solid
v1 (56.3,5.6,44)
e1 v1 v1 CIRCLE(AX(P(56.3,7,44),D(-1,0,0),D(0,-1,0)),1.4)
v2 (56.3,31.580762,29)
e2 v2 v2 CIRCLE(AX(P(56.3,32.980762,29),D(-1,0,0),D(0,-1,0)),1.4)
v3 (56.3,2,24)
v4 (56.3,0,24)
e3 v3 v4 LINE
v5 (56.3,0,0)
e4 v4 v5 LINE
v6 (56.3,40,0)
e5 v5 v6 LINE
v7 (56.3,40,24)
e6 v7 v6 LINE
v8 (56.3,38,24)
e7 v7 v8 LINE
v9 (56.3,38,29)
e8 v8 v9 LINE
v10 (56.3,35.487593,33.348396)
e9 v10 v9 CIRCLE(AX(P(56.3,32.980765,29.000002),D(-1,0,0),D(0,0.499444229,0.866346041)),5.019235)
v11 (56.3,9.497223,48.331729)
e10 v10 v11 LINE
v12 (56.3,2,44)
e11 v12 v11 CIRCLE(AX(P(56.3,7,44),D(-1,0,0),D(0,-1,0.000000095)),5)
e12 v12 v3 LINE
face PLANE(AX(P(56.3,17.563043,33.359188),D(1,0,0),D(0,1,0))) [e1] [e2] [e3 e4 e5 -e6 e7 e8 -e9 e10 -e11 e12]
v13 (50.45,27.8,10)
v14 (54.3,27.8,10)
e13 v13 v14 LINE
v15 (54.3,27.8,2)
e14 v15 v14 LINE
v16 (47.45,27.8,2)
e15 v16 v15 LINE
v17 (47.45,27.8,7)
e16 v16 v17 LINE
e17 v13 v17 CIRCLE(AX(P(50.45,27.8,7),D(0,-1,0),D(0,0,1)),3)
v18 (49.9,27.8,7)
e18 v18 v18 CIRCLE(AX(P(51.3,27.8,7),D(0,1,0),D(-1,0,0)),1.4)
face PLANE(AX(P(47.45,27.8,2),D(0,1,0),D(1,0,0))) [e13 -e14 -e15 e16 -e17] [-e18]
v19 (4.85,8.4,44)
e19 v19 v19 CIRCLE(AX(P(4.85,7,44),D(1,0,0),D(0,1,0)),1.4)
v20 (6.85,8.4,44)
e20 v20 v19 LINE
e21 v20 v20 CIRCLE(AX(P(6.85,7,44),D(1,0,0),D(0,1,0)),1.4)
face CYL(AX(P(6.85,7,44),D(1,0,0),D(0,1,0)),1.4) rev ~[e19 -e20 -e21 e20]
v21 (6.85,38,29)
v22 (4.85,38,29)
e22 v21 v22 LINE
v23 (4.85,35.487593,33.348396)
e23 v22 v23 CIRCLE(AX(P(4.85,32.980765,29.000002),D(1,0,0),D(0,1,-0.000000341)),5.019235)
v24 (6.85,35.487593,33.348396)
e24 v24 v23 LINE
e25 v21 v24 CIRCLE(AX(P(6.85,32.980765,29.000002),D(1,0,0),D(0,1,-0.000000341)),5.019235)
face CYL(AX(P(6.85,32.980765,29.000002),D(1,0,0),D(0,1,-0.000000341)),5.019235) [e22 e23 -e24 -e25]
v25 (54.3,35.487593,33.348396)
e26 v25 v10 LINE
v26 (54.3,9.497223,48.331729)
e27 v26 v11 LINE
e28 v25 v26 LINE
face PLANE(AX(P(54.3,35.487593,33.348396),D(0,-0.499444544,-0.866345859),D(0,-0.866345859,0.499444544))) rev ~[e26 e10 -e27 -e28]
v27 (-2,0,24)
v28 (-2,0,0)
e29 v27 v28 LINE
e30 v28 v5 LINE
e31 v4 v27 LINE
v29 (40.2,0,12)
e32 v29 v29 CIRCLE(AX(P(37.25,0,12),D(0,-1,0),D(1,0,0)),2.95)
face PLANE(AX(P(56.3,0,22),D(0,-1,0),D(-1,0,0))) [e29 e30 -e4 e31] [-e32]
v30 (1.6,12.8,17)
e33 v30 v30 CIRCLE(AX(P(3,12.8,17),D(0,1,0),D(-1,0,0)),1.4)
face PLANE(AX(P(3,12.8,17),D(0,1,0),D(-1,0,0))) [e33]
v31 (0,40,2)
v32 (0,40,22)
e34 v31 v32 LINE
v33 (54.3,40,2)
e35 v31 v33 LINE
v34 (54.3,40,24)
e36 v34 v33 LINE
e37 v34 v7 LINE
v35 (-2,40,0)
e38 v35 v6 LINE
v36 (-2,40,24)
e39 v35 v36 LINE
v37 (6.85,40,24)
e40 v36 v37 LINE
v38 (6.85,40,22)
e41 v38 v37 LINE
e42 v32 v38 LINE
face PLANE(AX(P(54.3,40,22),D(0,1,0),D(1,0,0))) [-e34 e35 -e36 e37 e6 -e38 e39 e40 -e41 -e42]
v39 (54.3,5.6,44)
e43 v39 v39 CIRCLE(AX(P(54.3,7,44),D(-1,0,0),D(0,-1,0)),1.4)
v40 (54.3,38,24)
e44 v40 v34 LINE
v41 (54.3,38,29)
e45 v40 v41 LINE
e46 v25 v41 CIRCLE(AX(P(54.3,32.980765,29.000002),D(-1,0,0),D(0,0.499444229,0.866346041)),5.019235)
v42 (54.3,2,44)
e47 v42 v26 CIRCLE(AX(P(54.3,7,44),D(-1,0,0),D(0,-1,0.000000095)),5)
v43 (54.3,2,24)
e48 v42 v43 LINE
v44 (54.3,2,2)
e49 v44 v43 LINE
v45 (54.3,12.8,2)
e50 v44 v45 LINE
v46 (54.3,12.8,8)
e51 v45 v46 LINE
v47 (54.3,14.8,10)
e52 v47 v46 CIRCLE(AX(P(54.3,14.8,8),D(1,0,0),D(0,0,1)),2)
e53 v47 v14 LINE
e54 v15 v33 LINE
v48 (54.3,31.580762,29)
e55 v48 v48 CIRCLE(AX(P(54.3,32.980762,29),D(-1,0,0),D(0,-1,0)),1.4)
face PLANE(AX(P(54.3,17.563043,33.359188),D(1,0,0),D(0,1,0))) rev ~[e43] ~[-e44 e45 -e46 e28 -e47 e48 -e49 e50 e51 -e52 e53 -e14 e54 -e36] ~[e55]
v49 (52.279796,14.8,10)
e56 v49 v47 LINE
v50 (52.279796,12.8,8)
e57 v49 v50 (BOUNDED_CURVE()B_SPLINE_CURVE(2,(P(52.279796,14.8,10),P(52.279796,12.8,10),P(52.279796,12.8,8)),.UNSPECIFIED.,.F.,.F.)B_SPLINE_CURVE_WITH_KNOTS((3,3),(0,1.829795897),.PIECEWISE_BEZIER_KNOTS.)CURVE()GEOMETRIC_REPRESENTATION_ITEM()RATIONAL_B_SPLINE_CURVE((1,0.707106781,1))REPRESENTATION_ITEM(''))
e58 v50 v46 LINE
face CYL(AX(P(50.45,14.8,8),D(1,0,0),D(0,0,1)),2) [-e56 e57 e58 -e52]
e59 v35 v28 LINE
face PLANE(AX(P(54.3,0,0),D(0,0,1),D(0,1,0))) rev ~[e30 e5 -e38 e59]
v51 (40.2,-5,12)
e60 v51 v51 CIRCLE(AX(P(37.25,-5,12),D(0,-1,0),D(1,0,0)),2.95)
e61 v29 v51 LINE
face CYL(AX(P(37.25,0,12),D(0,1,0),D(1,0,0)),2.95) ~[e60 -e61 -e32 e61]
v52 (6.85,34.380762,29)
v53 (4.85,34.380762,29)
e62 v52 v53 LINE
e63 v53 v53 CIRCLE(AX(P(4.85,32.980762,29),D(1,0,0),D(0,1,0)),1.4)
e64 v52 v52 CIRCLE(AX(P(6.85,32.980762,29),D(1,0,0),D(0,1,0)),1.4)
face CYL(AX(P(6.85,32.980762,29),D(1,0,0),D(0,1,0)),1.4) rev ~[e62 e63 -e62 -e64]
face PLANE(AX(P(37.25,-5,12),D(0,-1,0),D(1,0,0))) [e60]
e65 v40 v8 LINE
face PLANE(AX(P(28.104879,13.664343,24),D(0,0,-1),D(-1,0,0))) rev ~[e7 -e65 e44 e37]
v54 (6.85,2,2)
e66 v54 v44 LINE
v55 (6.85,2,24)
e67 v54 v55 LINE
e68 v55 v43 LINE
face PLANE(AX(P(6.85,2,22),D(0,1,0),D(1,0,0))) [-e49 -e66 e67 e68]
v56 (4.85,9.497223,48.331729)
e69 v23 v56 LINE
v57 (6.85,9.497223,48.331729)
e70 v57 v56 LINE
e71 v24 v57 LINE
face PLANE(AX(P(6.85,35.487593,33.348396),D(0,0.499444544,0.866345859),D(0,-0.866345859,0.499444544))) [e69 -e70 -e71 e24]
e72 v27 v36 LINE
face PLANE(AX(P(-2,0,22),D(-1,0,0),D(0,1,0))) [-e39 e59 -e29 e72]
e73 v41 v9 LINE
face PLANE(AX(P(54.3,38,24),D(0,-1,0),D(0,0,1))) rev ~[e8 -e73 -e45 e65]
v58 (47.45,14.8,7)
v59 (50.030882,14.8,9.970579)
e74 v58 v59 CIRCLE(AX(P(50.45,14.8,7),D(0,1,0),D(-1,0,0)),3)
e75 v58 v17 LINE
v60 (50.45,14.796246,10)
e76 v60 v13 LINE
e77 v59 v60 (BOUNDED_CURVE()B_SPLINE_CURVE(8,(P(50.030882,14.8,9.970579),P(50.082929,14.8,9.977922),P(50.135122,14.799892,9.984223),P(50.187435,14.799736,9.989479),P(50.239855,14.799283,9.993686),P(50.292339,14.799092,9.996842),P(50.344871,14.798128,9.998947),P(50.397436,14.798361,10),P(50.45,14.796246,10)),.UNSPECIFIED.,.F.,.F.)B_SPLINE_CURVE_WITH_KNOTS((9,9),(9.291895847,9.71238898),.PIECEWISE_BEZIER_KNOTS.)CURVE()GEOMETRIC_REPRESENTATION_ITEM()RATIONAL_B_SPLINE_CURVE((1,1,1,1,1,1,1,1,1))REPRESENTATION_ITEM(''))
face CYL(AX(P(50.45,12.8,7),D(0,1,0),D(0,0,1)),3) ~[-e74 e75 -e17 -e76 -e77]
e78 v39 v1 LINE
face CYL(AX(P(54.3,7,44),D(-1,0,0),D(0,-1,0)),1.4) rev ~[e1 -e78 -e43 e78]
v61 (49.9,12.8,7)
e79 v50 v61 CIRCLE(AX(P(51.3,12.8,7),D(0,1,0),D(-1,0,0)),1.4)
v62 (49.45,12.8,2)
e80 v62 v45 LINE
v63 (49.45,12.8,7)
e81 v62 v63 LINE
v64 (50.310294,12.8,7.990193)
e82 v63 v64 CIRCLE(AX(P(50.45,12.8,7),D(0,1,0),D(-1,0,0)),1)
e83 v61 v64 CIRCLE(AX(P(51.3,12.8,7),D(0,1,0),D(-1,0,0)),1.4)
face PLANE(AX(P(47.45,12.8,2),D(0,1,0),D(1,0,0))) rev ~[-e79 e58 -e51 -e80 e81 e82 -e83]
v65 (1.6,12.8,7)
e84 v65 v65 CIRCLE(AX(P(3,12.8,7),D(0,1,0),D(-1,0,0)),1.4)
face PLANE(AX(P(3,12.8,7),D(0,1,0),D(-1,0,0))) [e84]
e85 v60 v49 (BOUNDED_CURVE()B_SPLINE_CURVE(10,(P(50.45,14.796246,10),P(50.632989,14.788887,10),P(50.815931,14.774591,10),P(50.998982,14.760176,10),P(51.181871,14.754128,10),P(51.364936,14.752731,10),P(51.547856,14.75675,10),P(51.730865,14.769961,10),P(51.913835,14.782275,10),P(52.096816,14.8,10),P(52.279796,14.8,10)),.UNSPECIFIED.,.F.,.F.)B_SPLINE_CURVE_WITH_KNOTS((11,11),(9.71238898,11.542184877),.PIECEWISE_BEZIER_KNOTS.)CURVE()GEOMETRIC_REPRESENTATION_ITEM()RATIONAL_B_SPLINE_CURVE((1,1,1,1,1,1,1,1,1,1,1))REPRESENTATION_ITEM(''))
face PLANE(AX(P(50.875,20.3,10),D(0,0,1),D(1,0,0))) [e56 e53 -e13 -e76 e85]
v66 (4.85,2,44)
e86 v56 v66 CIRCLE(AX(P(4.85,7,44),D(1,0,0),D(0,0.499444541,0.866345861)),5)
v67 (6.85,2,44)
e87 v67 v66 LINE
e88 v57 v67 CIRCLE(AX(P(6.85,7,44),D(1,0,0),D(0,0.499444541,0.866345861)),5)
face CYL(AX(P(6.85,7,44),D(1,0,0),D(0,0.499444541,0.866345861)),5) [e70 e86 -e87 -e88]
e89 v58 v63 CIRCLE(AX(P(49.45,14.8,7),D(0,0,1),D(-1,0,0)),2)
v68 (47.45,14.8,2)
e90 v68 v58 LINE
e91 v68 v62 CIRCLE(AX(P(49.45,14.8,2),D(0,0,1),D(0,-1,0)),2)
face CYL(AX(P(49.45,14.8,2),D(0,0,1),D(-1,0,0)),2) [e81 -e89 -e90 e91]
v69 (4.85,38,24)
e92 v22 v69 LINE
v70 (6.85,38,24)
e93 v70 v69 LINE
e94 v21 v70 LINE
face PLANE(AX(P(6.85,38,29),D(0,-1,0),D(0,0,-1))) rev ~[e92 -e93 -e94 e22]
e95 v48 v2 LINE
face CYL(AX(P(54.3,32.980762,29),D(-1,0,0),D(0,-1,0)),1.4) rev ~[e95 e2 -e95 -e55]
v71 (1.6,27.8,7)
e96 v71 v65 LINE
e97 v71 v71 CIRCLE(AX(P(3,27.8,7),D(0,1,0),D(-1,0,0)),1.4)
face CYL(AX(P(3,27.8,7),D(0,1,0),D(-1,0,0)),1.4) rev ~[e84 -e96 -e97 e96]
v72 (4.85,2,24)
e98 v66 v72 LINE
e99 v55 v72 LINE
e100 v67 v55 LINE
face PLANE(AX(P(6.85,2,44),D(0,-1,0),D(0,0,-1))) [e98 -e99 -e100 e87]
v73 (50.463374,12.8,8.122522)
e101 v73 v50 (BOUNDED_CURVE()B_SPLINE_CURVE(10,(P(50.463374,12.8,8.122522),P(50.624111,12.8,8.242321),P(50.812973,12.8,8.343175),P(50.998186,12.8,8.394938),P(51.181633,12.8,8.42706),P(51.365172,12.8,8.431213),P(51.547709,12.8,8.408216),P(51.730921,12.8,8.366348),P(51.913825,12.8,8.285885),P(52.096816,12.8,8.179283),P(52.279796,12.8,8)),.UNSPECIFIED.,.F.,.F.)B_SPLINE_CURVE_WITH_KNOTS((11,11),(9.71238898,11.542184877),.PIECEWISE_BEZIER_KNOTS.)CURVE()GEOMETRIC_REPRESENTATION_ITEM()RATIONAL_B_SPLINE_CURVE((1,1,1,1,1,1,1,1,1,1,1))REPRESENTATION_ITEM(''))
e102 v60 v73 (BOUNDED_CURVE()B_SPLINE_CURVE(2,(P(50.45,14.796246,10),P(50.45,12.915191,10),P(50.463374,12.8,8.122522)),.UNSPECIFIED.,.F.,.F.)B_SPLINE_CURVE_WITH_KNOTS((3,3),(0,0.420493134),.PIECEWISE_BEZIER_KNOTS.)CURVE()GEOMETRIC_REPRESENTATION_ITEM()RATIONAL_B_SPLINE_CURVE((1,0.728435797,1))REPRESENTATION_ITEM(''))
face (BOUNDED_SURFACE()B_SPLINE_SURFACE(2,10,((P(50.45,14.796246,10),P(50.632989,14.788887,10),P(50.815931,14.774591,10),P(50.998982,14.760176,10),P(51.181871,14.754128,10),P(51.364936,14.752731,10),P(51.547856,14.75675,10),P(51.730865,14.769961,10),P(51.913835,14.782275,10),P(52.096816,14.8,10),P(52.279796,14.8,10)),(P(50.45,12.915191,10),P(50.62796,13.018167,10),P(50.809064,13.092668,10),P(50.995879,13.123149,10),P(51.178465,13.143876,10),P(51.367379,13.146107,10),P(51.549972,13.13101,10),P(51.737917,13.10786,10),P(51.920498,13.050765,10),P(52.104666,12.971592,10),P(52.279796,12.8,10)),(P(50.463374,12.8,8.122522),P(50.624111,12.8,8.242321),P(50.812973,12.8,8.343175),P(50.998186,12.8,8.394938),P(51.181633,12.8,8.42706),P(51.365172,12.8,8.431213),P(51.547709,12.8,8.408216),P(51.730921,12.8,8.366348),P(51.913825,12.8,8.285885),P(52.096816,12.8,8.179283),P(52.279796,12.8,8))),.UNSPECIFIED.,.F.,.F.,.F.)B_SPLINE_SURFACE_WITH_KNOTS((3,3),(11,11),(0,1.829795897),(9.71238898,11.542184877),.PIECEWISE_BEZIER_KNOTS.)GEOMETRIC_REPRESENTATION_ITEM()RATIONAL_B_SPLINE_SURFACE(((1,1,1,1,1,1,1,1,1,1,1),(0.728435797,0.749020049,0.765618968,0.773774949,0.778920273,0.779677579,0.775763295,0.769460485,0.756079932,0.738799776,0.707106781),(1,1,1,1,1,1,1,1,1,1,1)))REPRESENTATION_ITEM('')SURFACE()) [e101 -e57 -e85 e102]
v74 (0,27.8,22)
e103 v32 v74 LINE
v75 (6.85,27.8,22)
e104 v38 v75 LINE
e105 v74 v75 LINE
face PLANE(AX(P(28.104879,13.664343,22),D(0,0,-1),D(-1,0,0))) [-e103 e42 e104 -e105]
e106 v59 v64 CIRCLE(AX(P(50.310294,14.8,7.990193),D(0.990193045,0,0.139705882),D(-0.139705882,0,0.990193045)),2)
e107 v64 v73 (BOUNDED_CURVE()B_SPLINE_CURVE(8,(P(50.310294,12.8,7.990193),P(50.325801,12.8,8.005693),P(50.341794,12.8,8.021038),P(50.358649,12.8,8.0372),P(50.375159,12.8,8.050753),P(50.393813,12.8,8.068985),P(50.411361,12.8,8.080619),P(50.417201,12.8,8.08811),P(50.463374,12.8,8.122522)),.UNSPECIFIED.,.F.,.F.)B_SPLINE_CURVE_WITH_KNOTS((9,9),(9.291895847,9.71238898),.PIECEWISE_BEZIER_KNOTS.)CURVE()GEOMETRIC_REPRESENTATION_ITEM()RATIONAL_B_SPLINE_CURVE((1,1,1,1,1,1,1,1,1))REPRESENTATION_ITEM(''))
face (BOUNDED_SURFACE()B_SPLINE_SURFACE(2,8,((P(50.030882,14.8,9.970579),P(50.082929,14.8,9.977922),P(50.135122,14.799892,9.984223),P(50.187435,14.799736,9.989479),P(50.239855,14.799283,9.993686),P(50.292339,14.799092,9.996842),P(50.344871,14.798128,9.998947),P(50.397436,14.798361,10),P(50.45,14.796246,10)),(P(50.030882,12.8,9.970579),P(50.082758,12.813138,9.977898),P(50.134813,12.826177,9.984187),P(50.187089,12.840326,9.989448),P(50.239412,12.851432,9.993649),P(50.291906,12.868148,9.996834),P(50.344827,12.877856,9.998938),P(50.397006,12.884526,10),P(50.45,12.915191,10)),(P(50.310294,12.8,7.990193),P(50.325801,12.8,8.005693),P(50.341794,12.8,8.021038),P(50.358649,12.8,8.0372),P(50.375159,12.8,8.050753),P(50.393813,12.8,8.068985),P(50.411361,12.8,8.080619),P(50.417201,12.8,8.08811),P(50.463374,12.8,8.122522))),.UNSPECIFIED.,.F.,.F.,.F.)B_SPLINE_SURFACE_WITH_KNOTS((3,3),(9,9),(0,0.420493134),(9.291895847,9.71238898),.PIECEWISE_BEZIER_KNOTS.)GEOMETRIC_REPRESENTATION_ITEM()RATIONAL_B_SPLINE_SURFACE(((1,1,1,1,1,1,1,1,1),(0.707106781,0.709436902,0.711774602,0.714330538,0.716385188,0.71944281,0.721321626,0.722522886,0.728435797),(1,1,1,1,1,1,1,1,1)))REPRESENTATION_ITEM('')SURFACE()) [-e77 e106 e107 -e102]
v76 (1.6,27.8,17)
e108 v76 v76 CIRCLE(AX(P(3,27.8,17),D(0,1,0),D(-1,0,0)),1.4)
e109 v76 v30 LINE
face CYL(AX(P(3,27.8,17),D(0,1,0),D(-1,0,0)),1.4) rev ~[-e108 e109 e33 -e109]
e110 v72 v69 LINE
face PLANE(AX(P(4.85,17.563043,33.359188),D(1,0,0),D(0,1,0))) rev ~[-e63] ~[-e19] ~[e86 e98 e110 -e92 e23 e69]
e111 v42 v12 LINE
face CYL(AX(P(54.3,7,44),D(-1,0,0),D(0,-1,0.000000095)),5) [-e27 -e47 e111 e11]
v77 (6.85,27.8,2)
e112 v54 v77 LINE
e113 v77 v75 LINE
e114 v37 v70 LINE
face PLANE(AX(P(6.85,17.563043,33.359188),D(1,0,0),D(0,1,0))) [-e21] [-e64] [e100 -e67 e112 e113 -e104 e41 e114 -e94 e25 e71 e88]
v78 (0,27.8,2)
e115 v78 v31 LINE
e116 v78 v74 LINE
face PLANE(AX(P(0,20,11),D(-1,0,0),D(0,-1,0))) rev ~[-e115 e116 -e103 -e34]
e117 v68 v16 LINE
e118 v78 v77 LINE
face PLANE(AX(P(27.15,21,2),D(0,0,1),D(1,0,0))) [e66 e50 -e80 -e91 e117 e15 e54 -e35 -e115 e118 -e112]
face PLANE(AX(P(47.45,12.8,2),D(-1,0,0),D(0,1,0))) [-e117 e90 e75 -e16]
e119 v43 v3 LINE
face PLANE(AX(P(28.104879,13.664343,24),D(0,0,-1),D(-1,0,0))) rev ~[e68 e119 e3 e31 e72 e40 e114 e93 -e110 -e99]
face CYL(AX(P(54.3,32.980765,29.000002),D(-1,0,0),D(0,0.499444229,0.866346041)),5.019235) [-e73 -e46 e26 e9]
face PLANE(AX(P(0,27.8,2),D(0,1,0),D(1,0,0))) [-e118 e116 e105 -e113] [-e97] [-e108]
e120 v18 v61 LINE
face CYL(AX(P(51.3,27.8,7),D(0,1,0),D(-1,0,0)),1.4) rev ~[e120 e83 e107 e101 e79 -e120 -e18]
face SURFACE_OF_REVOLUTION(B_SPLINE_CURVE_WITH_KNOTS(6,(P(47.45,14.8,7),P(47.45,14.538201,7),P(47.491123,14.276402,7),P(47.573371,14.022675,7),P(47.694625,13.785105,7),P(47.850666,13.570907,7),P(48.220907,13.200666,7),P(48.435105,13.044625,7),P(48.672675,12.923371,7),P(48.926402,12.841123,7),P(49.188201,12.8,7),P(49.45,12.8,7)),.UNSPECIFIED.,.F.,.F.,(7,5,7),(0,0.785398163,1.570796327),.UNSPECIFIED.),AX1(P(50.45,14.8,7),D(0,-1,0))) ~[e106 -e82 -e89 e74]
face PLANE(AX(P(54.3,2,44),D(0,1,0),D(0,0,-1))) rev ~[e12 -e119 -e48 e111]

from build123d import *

# Parameters (mm, degrees)
SKETCH_W        = 54.3
SKETCH_H        = 38
PAD_DEPTH       = 2
SKETCH001_W     = 54.3
SKETCH001_H     = 2
PAD001_DEPTH    = 22
SKETCH002_R     = 2.95
PAD002_DEPTH    = 5
SKETCH003_W     = 40
SKETCH003_H     = 22
PAD003_DEPTH    = 2
SKETCH004_W     = 40
SKETCH004_H     = 22
PAD004_DEPTH    = 2
SKETCH005_W     = 6.85
SKETCH005_H     = 15
PAD005_DEPTH    = 8
SKETCH006_R     = 1.4
POCKET_DEPTH    = 15
FILLET_R        = 3
FILLET001_R     = 2
SKETCH007_W     = 6.85
SKETCH007_H     = 25.8
PAD006_DEPTH    = 20
SKETCH008_R     = 1.4
POCKET001_DEPTH = 15
PAD007_DEPTH    = 2
SKETCH010_R     = 1.4
PAD008_DEPTH    = 2
SKETCH011_R     = 1.4
PAD009_DEPTH    = 2


with BuildPart() as part:
    # Sketch → Pad (new body)
    with BuildSketch(Plane.XY):
        with Locations((27.15, 21)):
            Rectangle(SKETCH_W, SKETCH_H)
    extrude(amount=PAD_DEPTH)

    # Sketch001 → Pad001 (join)
    with BuildSketch(Plane.XY):
        with Locations((27.15, 1)):
            Rectangle(SKETCH001_W, SKETCH001_H)
    extrude(amount=PAD001_DEPTH)

    # Sketch002 → Pad002 (join)
    with BuildSketch(Plane.XZ):
        with Locations((37.25, 12)):
            Circle(SKETCH002_R)
    extrude(amount=PAD002_DEPTH)

    # Sketch003 (on Face2 of Pad002) → Pad003 (join)
    with BuildSketch(Plane(origin=(0, 0, 0), x_dir=(0, -1, 0), z_dir=(-1, 0, 0))):
        with Locations((-20, 11)):
            Rectangle(SKETCH003_W, SKETCH003_H)
    extrude(amount=PAD003_DEPTH)

    # Sketch004 (on Face3 of Pad003) → Pad004 (join)
    with BuildSketch(Plane.YZ.offset(54.3)):
        with Locations((20, 11)):
            Rectangle(SKETCH004_W, SKETCH004_H)
    extrude(amount=PAD004_DEPTH)

    # Sketch005 (on Face5 of Pad004) → Pad005 (join)
    with BuildSketch(Plane.XY.offset(2)):
        with Locations((50.875, 20.3)):
            Rectangle(SKETCH005_W, SKETCH005_H)
    extrude(amount=PAD005_DEPTH)

    # Sketch006 (on Face15 of Pad005) → Pocket (cut)
    with BuildSketch(Plane(origin=(0, 27.8, 0), x_dir=(-1, 0, 0), z_dir=(0, 1, 0))):
        with Locations((-51.3, 7)):
            Circle(SKETCH006_R)
    extrude(amount=-POCKET_DEPTH, mode=Mode.SUBTRACT)

    # Fillet
    fillet_edges = [part.edges().sort_by_distance(p)[0] for p in [
        (47.45, 20.3, 10),
    ]]
    fillet(fillet_edges, radius=FILLET_R)

    # Fillet001
    fillet001_edges = [part.edges().sort_by_distance(p)[0] for p in [
        (52.375, 12.8, 10),
    ]]
    fillet(fillet001_edges, radius=FILLET001_R)

    # Sketch007 (on Face5 of Fillet001) → Pad006 (join)
    with BuildSketch(Plane.XY.offset(2)):
        with Locations((3.425, 14.9)):
            Rectangle(SKETCH007_W, SKETCH007_H)
    extrude(amount=PAD006_DEPTH)

    # Sketch008 (on Face14 of Pad006) → Pocket001 (cut)
    with BuildSketch(Plane(origin=(0, 27.8, 0), x_dir=(-1, 0, 0), z_dir=(0, 1, 0))):
        with Locations((-3, 7)):
            Circle(SKETCH008_R)
        with Locations((-3, 17)):
            Circle(SKETCH008_R)
    extrude(amount=-POCKET001_DEPTH, mode=Mode.SUBTRACT)

    # Sketch009 (on Face21 of Pocket001) → Pad007 (join)
    with BuildSketch(Plane.XY.offset(22)):
        Polygon((54.3, 2), (54.3, 40), (56.3, 40), (56.3, 0), (-2, 0), (-2, 40), (6.85, 40), (6.85, 2), align=None)
    extrude(amount=PAD007_DEPTH)

    # Sketch010 (on Face22 of Pad007) → Pad008 (join)
    with BuildSketch(Plane.YZ.offset(6.85)):
        with BuildLine():
            Line((2, 24), (38, 24))
            Line((38, 29), (38, 24))
            ThreePointArc((38, 29), (37.326745, 31.511013), (35.487593, 33.348396))
            Line((35.487593, 33.348396), (9.497223, 48.331729))
            ThreePointArc((9.497223, 48.331729), (4.498612, 48.329325), (2, 44))
            Line((2, 44), (2, 24))
        make_face()
        with Locations((7, 44)):
            Circle(SKETCH010_R, mode=Mode.SUBTRACT)
        with Locations((32.980762, 29)):
            Circle(SKETCH010_R, mode=Mode.SUBTRACT)
    extrude(amount=-PAD008_DEPTH)

    # Sketch011 (on Face20 of Pad008) → Pad009 (join)
    with BuildSketch(Plane(origin=(54.3, 0, 0), x_dir=(0, -1, 0), z_dir=(-1, 0, 0))):
        with BuildLine():
            Line((-38, 24), (-38, 29))
            ThreePointArc((-35.487593, 33.348396), (-37.326745, 31.511013), (-38, 29))
            Line((-35.487593, 33.348396), (-9.497223, 48.331729))
            ThreePointArc((-2, 44), (-4.498612, 48.329325), (-9.497223, 48.331729))
            Line((-2, 44), (-2, 24))
            Line((-2, 24), (-38, 24))
        make_face()
        with Locations((-7, 44)):
            Circle(SKETCH011_R, mode=Mode.SUBTRACT)
        with Locations((-32.980762, 29)):
            Circle(SKETCH011_R, mode=Mode.SUBTRACT)
    extrude(amount=-PAD009_DEPTH)


solid = part.part
